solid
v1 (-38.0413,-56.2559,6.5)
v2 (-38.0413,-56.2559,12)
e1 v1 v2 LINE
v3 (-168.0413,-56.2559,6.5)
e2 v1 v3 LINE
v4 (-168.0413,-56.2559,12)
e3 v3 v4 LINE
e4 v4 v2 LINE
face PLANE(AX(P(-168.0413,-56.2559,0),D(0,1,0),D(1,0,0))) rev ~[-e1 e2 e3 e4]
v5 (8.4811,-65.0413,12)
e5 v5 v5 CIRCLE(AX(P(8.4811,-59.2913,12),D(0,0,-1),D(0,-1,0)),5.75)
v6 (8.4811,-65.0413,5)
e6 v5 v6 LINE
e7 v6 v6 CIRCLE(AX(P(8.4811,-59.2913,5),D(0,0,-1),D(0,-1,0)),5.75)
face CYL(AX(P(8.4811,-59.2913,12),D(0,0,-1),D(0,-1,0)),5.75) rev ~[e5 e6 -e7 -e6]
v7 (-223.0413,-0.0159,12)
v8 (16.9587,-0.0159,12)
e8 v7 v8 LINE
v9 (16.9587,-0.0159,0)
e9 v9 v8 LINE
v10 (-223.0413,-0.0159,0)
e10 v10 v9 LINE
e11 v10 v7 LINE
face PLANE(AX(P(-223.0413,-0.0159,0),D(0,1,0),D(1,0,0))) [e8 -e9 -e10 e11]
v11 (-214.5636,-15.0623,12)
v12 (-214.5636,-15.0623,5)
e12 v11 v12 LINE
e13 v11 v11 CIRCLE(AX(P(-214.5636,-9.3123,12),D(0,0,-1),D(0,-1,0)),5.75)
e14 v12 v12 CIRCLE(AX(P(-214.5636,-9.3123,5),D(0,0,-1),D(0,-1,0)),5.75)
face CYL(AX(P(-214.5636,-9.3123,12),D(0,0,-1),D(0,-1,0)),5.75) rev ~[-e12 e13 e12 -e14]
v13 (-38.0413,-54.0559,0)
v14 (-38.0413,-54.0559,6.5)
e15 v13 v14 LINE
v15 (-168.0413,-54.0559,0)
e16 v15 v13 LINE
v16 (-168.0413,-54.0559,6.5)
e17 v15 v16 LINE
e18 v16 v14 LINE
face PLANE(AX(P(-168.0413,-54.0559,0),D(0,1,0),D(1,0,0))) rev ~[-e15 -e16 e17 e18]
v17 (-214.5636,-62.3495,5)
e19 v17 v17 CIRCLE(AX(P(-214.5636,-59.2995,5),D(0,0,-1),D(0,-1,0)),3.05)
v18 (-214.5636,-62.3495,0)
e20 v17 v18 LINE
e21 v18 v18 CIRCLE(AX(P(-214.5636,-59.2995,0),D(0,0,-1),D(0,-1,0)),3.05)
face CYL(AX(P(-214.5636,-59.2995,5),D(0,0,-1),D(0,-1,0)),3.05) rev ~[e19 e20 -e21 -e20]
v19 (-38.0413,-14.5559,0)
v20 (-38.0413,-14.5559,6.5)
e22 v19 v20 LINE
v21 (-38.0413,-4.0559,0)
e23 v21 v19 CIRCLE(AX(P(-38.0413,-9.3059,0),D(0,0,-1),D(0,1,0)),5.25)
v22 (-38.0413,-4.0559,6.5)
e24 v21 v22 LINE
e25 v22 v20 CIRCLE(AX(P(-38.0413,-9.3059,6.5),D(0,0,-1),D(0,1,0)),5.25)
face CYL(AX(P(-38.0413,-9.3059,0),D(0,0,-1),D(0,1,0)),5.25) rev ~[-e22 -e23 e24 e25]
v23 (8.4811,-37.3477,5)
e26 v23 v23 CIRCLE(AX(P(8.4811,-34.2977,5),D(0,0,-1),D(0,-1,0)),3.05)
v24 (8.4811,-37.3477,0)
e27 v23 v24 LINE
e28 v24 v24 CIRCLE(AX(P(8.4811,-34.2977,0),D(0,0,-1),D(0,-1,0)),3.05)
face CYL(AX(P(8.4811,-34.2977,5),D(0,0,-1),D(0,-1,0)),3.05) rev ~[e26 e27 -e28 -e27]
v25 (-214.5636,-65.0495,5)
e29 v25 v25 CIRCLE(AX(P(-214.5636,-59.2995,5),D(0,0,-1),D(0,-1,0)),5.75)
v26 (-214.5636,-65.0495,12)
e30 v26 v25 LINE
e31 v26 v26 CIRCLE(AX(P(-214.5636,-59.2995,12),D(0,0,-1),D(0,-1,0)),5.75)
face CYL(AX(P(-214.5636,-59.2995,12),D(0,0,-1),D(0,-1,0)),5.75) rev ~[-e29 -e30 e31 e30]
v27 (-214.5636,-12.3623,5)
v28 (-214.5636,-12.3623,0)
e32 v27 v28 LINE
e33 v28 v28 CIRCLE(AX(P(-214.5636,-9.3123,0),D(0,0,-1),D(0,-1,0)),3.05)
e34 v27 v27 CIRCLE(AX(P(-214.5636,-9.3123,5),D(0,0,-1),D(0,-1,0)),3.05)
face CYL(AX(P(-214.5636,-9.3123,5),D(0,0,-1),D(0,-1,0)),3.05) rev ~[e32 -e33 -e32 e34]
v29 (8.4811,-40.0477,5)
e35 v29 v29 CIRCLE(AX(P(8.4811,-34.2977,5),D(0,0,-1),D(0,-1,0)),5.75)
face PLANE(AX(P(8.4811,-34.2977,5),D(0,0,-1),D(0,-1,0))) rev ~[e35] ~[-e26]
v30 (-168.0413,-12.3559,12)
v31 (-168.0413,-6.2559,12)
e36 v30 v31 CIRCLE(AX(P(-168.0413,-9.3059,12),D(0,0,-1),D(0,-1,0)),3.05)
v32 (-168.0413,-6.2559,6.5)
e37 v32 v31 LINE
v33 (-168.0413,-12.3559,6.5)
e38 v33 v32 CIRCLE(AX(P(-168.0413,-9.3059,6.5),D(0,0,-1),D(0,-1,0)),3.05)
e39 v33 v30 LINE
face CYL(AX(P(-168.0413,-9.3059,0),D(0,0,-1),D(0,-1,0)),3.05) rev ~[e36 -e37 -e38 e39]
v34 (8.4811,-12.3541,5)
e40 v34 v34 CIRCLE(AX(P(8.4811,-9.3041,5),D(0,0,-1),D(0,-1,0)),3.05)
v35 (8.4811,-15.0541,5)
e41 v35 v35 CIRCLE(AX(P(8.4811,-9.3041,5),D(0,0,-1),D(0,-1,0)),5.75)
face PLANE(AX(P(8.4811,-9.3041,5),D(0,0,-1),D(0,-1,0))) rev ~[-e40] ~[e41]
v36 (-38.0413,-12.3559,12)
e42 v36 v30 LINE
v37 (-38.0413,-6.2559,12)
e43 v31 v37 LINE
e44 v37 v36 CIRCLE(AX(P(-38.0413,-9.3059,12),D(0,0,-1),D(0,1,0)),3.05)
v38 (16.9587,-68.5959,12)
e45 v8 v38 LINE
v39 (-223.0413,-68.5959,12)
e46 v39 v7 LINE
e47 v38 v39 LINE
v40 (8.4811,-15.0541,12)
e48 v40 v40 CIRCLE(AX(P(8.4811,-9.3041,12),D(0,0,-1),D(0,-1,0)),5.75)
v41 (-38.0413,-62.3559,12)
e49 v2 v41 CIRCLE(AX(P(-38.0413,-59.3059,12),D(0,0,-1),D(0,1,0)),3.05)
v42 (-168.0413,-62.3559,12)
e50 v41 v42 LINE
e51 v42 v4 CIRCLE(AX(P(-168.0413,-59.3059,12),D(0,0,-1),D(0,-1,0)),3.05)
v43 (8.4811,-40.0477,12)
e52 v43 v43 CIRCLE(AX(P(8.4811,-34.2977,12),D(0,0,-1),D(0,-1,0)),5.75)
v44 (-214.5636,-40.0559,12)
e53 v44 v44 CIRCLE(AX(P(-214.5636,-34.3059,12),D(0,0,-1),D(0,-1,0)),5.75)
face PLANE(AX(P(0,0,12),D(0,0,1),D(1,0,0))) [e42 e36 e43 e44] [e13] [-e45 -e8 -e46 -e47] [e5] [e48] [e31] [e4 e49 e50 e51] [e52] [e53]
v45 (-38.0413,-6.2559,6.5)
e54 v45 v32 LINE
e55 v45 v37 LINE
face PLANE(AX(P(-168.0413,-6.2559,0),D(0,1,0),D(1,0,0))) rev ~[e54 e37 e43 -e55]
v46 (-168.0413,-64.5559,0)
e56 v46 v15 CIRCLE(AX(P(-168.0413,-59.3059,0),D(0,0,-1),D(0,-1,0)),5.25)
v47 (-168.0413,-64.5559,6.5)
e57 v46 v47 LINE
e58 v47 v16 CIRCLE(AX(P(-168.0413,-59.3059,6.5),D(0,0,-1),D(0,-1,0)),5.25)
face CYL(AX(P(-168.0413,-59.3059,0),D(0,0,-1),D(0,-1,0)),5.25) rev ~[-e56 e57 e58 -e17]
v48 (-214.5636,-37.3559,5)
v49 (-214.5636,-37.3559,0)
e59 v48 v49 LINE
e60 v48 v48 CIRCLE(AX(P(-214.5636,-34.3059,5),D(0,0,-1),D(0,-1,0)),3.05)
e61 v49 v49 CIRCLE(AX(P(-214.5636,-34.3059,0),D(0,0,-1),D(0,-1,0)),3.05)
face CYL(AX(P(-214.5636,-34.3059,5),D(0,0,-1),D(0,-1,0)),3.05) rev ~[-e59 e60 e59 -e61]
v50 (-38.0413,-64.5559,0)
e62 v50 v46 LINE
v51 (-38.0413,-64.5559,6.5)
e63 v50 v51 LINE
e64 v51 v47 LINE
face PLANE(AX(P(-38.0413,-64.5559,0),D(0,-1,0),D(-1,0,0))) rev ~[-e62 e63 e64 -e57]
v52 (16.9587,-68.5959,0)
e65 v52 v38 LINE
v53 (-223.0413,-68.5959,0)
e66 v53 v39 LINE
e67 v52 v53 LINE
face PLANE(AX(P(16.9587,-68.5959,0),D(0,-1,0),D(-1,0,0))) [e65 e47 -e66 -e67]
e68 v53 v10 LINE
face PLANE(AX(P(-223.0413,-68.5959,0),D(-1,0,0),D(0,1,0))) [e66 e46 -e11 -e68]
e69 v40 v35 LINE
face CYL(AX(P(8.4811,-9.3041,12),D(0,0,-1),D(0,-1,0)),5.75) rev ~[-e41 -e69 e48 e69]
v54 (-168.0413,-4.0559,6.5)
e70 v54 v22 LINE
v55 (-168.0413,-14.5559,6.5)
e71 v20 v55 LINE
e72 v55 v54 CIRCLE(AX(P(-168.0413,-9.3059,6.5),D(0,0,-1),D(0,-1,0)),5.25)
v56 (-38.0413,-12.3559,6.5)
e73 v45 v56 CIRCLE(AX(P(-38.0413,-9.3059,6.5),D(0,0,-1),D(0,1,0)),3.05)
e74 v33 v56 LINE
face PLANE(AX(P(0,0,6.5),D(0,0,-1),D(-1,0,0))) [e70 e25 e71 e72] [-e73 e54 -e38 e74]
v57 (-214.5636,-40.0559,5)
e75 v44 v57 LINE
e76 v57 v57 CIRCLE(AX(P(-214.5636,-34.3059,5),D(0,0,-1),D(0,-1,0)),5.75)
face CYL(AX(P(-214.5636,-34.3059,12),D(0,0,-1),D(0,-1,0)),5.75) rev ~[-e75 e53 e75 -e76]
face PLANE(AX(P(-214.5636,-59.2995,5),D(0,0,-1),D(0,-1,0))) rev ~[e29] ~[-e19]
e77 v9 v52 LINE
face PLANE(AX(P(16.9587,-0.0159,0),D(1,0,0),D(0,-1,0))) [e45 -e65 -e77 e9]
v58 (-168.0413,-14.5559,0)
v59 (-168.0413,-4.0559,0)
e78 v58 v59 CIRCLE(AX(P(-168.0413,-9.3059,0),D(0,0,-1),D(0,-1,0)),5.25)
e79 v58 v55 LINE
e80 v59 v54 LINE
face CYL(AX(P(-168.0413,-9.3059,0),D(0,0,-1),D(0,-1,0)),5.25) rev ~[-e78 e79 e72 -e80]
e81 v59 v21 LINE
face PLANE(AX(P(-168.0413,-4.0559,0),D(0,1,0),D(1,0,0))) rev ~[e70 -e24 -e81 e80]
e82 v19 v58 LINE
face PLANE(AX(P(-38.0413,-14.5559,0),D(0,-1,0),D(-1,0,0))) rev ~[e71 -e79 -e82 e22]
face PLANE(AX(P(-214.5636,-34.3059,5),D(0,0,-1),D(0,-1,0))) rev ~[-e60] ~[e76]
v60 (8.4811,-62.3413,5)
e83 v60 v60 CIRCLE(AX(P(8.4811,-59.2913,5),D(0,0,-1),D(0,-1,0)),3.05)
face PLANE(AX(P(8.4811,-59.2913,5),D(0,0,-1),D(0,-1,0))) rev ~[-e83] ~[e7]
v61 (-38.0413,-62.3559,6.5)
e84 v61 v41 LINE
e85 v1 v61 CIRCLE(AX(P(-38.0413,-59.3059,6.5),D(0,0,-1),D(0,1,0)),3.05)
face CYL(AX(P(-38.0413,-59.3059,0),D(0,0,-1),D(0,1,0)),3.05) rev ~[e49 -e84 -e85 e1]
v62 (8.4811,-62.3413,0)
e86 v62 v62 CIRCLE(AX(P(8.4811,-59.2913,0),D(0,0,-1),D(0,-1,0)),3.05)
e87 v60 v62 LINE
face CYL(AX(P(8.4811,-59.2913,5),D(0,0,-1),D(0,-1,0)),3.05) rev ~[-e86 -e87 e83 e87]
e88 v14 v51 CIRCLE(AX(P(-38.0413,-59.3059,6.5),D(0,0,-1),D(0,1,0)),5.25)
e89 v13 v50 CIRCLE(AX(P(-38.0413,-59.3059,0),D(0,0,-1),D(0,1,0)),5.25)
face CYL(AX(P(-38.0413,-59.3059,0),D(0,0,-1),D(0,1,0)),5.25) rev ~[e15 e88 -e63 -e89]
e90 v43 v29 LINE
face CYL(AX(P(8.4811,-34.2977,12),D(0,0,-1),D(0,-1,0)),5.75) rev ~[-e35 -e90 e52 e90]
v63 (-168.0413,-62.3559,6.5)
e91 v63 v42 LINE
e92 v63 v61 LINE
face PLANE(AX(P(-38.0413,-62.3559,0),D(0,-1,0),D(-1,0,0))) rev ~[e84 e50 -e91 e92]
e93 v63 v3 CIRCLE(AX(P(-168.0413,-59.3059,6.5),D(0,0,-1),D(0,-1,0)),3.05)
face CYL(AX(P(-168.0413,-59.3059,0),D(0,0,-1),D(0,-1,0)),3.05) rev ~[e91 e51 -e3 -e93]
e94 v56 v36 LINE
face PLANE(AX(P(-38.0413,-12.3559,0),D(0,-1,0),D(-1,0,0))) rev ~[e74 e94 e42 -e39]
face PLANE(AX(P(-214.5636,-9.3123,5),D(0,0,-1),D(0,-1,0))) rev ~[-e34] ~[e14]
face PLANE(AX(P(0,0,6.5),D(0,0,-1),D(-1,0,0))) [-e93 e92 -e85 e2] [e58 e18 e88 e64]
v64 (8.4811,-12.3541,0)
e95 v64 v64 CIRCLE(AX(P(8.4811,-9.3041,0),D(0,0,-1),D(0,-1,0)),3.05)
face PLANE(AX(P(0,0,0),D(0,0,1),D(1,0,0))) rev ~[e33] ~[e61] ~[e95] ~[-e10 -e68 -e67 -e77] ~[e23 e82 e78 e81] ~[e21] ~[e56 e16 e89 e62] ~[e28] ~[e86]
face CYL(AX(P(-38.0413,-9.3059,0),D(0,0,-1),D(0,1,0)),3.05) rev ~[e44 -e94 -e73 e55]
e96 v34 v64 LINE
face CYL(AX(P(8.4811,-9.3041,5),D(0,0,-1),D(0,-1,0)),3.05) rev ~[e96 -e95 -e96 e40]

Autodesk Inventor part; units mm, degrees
ref_plane "YZ Plane" through (0, 0, 0) normal (1, 0, 0) x (0, 1, 0)
ref_plane "XZ Plane" through (0, 0, 0) normal (0, 1, 0) x (-1, 0, 0)
ref_plane "XY Plane" through (0, 0, 0) normal (0, 0, 1) x (1, 0, 0)
sketch "Sketch1" plane through (0, 0, 0) normal (0, 0, 1) x (1, 0, 0)
  line L0 (-206.4864, -0.0159) -> (-206.4864, -68.5959) construction
  line L1 (-206.4864, -0.0159) -> (-222.6154, -0.0159) construction
  line L2 (-222.6154, -0.0159) -> (-222.6154, -68.5959) construction
  line L3 (-206.4864, -68.5959) -> (-222.6154, -68.5959) construction
  circle A0 centre (-214.5636, -21.8091) radius 3.3735 construction
  circle A1 centre (-214.5636, -46.8027) radius 3.3735 construction
  circle A2 centre (-214.5636, -9.3123) radius 2.5 construction
  circle A3 centre (-214.5636, -34.3059) radius 2.5 construction
  circle A4 centre (-214.5636, -59.2995) radius 2.5 construction
  line L4 (0.4039, -68.5877) -> (0.4039, -0.0077) construction
  line L5 (0.4039, -68.5877) -> (16.5329, -68.5877) construction
  line L6 (16.5329, -68.5877) -> (16.5329, -0.0077) construction
  line L7 (0.4039, -0.0077) -> (16.5329, -0.0077) construction
  circle A5 centre (8.4811, -46.7945) radius 3.3735 construction
  circle A6 centre (8.4811, -21.8009) radius 3.3735 construction
  circle A7 centre (8.4811, -59.2913) radius 2.5 construction
  circle A8 centre (8.4811, -34.2977) radius 2.5 construction
  circle A9 centre (8.4811, -9.3041) radius 2.5 construction
  line L8 (-223.0413, -0.0159) -> (16.9587, -0.0159)
  line L9 (16.9587, -0.0159) -> (16.9587, -68.5959)
  line L10 (16.9587, -68.5959) -> (-223.0413, -68.5959)
  line L11 (-223.0413, -68.5959) -> (-223.0413, -0.0159)
  line L12 (-103.0413, -534.726) -> (-103.0413, 430.7972) construction
  point P0 (0, 0)
  dimension "d0" = 240
  dimension "d23" = 120
extrude "Extrusion1" add sketch "Sketch1" along normal blind 12
sketch "Sketch3" plane through (0, 0, 0) normal (0, 0, -1) x (-1, 0, 0)
  circle A0 centre (65.542, -46.7868) radius 2.5 construction
  circle A1 centre (65.542, -21.7868) radius 2.5 construction
  circle A2 centre (165.542, -21.7868) radius 2.5 construction
  circle A3 centre (165.542, -46.7868) radius 2.5 construction
  circle A4 centre (140.542, -46.7868) radius 2.5 construction
  circle A5 centre (140.542, -21.7868) radius 2.5 construction
  circle A6 centre (65.542, -46.7868) radius 2.5 construction
  circle A7 centre (65.542, -21.7868) radius 2.5 construction
  circle A8 centre (40.542, -21.7868) radius 2.5 construction
  circle A9 centre (40.542, -46.7868) radius 2.5 construction
  point P0 (0, 0)
sketch "Sketch4" plane through (0, 0, 0) normal (0, 0, -1) x (-1, 0, 0)
  circle A0 centre (65.5413, -59.3059) radius 2.5 construction
  circle A1 centre (40.5413, -59.3059) radius 2.5 construction
  circle A2 centre (140.5413, -9.3059) radius 2.5 construction
  circle A3 centre (115.5413, -9.3059) radius 2.5 construction
  line L0 (40.5413, -59.3059) -> (172.5963, -59.3059) construction
  line L1 (167.5124, -9.3059) -> (3.0086, -9.3059) construction
  line L2 (223.0413, -0.0159) -> (-16.9587, -0.0159) construction
  line L3 (38.0413, -9.3059) -> (168.0413, -9.3059) construction
  line L4 (38.0413, -12.3559) -> (168.0413, -12.3559)
  line L5 (168.0413, -6.2559) -> (38.0413, -6.2559)
  arc A4 (38.0413, -6.2559) -> (38.0413, -12.3559) centre (38.0413, -9.3059) ccw
  arc A5 (168.0413, -12.3559) -> (168.0413, -6.2559) centre (168.0413, -9.3059) ccw
  line L6 (103.0413, 455.7975) -> (103.0413, -509.7257) construction
  line L7 (38.0413, -59.3059) -> (168.0413, -59.3059) construction
  line L8 (38.0413, -62.3559) -> (168.0413, -62.3559)
  line L9 (168.0413, -56.2559) -> (38.0413, -56.2559)
  arc A6 (38.0413, -56.2559) -> (38.0413, -62.3559) centre (38.0413, -59.3059) ccw
  arc A7 (168.0413, -62.3559) -> (168.0413, -56.2559) centre (168.0413, -59.3059) ccw
  point P0 (0, 0)
  point P1 (-16.9587, -0.0159)
  point P2 (103.0413, -9.3059)
  point P3 (103.0413, -59.3059)
  dimension "d10" = 9.29
  dimension "d11" = 6.1
  dimension "d12" = 65
  dimension "d13" = 65
  dimension "d14" = 6.1
  dimension "d15" = 65
  dimension "d16" = 65
extrude "Extrusion2" cut sketch "Sketch4" against normal blind 12
sketch "Sketch5" plane through (0, 0, 0) normal (0, 0, -1) x (-1, 0, 0)
  line L0 (45.6373, -31.0674) -> (77.6413, -31.0674) construction
  arc A0 (168.0413, -12.3559) -> (168.0413, -6.2559) centre (168.0413, -9.3059) ccw construction
  arc A1 (168.0413, -62.3559) -> (168.0413, -56.2559) centre (168.0413, -59.3059) ccw construction
  arc A2 (38.0413, -6.2559) -> (38.0413, -12.3559) centre (38.0413, -9.3059) ccw construction
  arc A3 (38.0413, -56.2559) -> (38.0413, -62.3559) centre (38.0413, -59.3059) ccw construction
  line L1 (38.0413, -9.3059) -> (168.0413, -9.3059) construction
  line L2 (-16.9587, -0.0159) -> (223.0413, -0.0159) projected
  line L3 (38.0413, -14.5559) -> (168.0413, -14.5559)
  line L4 (168.0413, -4.0559) -> (38.0413, -4.0559)
  arc A4 (38.0413, -4.0559) -> (38.0413, -14.5559) centre (38.0413, -9.3059) ccw
  arc A5 (168.0413, -14.5559) -> (168.0413, -4.0559) centre (168.0413, -9.3059) ccw
  line L5 (38.0413, -59.3059) -> (168.0413, -59.3059) construction
  line L6 (38.0413, -64.5559) -> (168.0413, -64.5559)
  line L7 (168.0413, -54.0559) -> (38.0413, -54.0559)
  arc A6 (38.0413, -54.0559) -> (38.0413, -64.5559) centre (38.0413, -59.3059) ccw
  arc A7 (168.0413, -64.5559) -> (168.0413, -54.0559) centre (168.0413, -59.3059) ccw
  point P0 (0, 0)
  point P1 (103.0413, -9.3059)
  point P2 (103.0413, -59.3059)
  dimension "d19" = 10.5
  dimension "d20" = 10.5
extrude "Extrusion3" cut sketch "Sketch5" against normal blind 6.5
sketch "Sketch6" plane through (0, 0, 12) normal (0, 0, 1) x (1, 0, 0)
  line L0 (0.4039, -68.5877) -> (0.4039, -0.0077) construction
  line L1 (0.4039, -68.5877) -> (16.5329, -68.5877) construction
  line L2 (16.5329, -68.5877) -> (16.5329, -0.0077) construction
  line L3 (0.4039, -0.0077) -> (16.5329, -0.0077) construction
  circle A0 centre (8.4811, -46.7945) radius 3.3735 construction
  circle A1 centre (8.4811, -21.8009) radius 3.3735 construction
  circle A2 centre (8.4811, -59.2913) radius 2.5 construction
  circle A3 centre (8.4811, -34.2977) radius 2.5 construction
  circle A4 centre (8.4811, -9.3041) radius 2.5 construction
  line L4 (-206.4864, -0.0159) -> (-206.4864, -68.5959) construction
  line L5 (-206.4864, -0.0159) -> (-222.6154, -0.0159) construction
  line L6 (-222.6154, -0.0159) -> (-222.6154, -68.5959) construction
  line L7 (-206.4864, -68.5959) -> (-222.6154, -68.5959) construction
  circle A5 centre (-214.5636, -21.8091) radius 3.3735 construction
  circle A6 centre (-214.5636, -46.8027) radius 3.3735 construction
  circle A7 centre (-214.5636, -9.3123) radius 2.5 construction
  circle A8 centre (-214.5636, -34.3059) radius 2.5 construction
  circle A9 centre (-214.5636, -59.2995) radius 2.5 construction
  point P0 (0, 0)
hole "Hole2" at (8.4811, -59.2913, 12) at (8.4811, -34.2977, 12) at (8.4811, -9.3041, 12) at (-214.5636, -59.2995, 12) at (-214.5636, -34.3059, 12) at (-214.5636, -9.3123, 12) direction (0, 0, -1) diameter 6.1 depth 20 tip angle 118 counterbore diameter 11.5 counterbore depth 7
properties part number "ASI_mesoSPIM_Bridge"
